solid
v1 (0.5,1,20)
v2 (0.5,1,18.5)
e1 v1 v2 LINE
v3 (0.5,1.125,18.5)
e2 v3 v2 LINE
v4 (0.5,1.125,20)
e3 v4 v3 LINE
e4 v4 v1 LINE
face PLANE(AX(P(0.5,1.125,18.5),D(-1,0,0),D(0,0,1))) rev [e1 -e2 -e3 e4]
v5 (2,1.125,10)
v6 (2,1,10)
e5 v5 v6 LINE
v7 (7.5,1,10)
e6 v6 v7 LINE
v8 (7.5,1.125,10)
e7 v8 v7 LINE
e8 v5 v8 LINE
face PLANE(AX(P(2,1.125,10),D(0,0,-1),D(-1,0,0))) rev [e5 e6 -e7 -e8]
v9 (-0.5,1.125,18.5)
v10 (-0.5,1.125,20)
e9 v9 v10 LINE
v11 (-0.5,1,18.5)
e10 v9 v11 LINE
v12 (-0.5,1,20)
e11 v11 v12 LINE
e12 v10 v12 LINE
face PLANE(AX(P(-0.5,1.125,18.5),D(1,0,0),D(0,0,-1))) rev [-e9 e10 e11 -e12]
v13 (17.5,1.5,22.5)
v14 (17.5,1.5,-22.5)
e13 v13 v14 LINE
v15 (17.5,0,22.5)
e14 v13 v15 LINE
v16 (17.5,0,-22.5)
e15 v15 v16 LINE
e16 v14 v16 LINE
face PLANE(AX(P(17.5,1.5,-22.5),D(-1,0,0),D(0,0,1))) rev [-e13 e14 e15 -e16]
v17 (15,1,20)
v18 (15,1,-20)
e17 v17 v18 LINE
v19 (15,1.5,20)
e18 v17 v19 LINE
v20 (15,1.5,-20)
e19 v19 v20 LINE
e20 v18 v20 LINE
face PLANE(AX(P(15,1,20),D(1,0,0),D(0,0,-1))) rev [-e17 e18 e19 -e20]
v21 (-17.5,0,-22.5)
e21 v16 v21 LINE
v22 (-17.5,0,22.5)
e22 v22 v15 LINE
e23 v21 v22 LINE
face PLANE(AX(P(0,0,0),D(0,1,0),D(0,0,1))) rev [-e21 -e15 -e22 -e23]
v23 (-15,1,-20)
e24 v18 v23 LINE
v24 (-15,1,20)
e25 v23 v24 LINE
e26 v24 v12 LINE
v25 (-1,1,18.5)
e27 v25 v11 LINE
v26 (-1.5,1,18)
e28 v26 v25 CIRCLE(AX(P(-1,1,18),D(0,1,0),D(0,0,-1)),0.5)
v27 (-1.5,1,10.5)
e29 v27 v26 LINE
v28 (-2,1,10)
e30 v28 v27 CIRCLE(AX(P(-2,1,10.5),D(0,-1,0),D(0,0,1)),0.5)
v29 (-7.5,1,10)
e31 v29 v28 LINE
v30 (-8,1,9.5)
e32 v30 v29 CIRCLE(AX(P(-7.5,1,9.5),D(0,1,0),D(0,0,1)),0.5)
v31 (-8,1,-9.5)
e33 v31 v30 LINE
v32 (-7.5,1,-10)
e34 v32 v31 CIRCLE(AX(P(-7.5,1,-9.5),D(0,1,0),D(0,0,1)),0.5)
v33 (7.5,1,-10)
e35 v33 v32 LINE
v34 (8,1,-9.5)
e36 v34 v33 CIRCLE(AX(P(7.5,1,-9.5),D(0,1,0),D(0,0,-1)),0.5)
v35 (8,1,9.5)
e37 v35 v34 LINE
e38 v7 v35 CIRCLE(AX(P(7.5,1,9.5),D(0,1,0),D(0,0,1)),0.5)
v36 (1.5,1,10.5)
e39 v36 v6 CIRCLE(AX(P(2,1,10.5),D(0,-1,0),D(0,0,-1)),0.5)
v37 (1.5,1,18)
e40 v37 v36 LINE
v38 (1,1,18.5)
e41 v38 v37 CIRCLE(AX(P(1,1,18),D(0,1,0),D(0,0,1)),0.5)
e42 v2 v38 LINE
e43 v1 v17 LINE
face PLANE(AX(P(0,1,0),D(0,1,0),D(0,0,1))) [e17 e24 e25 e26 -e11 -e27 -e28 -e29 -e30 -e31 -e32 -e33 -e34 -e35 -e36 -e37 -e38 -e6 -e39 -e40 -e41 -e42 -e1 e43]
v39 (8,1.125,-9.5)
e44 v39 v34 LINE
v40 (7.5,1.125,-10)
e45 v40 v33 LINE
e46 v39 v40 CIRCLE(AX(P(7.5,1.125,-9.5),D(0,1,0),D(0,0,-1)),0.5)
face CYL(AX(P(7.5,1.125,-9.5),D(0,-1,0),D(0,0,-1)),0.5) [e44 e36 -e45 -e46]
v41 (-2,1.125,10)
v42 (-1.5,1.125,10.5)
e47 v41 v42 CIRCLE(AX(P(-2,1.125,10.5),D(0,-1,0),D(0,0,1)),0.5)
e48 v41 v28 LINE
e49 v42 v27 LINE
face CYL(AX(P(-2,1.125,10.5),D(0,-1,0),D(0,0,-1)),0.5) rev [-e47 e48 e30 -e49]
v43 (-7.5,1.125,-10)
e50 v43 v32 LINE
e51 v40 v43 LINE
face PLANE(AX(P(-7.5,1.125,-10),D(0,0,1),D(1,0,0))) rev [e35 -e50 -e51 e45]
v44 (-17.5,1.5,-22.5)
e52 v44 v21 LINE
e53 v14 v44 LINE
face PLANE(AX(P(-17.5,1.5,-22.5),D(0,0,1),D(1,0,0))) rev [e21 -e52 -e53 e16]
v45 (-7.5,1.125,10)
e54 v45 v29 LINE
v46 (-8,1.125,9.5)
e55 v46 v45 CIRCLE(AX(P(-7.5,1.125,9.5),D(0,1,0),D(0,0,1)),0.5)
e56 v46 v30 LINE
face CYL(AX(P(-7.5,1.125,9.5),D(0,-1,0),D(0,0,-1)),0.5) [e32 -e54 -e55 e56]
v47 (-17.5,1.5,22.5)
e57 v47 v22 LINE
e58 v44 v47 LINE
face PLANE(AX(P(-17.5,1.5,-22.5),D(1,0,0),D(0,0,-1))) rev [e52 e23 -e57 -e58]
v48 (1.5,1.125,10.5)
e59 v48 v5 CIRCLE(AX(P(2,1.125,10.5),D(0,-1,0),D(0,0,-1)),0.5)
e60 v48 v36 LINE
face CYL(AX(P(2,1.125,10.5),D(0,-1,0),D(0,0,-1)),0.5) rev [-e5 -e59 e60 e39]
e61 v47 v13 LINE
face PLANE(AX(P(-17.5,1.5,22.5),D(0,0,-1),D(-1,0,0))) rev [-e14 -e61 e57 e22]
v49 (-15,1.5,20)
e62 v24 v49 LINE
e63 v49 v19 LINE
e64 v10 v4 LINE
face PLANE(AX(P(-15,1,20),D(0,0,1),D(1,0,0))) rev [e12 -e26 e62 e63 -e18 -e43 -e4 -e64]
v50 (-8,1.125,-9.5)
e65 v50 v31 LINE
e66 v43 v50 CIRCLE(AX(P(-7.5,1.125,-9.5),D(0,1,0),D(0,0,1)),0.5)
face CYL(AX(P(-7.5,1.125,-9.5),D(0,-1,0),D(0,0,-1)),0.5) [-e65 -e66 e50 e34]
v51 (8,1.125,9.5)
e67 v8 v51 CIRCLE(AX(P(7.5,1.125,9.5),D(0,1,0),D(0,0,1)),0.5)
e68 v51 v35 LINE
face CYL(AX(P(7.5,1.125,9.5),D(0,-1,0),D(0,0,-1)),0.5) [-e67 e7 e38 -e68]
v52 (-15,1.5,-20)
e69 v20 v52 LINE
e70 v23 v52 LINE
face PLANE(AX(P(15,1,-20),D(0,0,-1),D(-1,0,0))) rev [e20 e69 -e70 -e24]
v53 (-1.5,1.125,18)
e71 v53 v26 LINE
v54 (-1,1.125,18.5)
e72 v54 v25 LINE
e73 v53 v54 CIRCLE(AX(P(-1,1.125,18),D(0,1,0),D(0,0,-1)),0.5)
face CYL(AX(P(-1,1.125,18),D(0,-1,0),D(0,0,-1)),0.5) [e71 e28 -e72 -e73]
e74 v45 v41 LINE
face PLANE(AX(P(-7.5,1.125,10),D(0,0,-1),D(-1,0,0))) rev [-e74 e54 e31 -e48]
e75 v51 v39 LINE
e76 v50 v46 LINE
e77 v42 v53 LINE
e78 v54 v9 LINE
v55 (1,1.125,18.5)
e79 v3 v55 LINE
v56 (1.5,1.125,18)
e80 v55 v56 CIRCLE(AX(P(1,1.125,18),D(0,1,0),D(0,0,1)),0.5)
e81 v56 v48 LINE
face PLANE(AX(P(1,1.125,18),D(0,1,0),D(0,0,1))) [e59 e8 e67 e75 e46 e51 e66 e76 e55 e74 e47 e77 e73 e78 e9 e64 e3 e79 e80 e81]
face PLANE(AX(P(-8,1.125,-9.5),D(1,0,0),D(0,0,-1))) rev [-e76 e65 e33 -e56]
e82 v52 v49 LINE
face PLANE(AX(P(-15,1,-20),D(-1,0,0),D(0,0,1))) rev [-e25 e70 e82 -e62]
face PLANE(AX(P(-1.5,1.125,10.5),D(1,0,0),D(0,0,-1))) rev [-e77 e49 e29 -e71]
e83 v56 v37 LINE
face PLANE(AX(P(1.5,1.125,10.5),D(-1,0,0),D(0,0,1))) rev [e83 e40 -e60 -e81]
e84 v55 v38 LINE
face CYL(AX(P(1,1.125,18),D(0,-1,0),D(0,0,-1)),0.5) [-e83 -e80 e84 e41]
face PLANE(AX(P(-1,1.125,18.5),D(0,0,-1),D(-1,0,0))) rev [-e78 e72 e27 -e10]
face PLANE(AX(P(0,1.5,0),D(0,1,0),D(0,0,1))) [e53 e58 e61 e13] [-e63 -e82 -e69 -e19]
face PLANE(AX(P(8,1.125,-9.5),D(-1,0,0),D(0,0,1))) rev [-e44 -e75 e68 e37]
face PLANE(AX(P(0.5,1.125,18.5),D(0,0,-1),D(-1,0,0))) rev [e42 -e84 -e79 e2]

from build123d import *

# Parameters (mm, degrees)
SKETCH1_W           = 35
SKETCH1_H           = 45
BOSS_EXTRUDE1_DEPTH = 1.5
SKETCH2_W           = 30
SKETCH2_H           = 40
CUT_EXTRUDE1_DEPTH  = 0.5
BOSS_EXTRUDE2_DEPTH = 0.125


with BuildPart() as part:
    # Sketch1 → Boss-Extrude1 (new body)
    with BuildSketch(Plane(origin=(0, 0, 0), x_dir=(1, 0, 0), z_dir=(0, 1, 0))):
        Rectangle(SKETCH1_W, SKETCH1_H)
    extrude(amount=BOSS_EXTRUDE1_DEPTH)

    # Sketch2 → Cut-Extrude1 (cut)
    with BuildSketch(Plane(origin=(0, 1.5, 0), x_dir=(1, 0, 0), z_dir=(0, 1, 0))):
        Rectangle(SKETCH2_W, SKETCH2_H)
    extrude(amount=-CUT_EXTRUDE1_DEPTH, mode=Mode.SUBTRACT)

    # Sketch3 → Boss-Extrude2 (add)
    with BuildSketch(Plane(origin=(0, 1, 0), x_dir=(1, 0, 0), z_dir=(0, 1, 0))):
        with BuildLine():
            Line((-1.5, -10.5), (-1.5, -18))
            ThreePointArc((-1.5, -18), (-1.353553391, -18.353553391), (-1, -18.5))
            Line((-1, -18.5), (-0.5, -18.5))
            Line((-0.5, -18.5), (-0.5, -20))
            Line((-0.5, -20), (0.5, -20))
            Line((0.5, -20), (0.5, -18.5))
            Line((0.5, -18.5), (1, -18.5))
            ThreePointArc((1, -18.5), (1.353553391, -18.353553391), (1.5, -18))
            Line((1.5, -18), (1.5, -10.5))
            ThreePointArc((1.5, -10.5), (1.646446609, -10.146446609), (2, -10))
            Line((2, -10), (7.5, -10))
            ThreePointArc((7.5, -10), (7.853553391, -9.853553391), (8, -9.5))
            Line((8, -9.5), (8, 9.5))
            ThreePointArc((8, 9.5), (7.853553391, 9.853553391), (7.5, 10))
            Line((7.5, 10), (-7.5, 10))
            ThreePointArc((-7.5, 10), (-7.853553391, 9.853553391), (-8, 9.5))
            Line((-8, 9.5), (-8, -9.5))
            ThreePointArc((-8, -9.5), (-7.853553391, -9.853553391), (-7.5, -10))
            Line((-7.5, -10), (-2, -10))
            ThreePointArc((-2, -10), (-1.646446609, -10.146446609), (-1.5, -10.5))
        make_face()
    extrude(amount=BOSS_EXTRUDE2_DEPTH)


solid = part.part
